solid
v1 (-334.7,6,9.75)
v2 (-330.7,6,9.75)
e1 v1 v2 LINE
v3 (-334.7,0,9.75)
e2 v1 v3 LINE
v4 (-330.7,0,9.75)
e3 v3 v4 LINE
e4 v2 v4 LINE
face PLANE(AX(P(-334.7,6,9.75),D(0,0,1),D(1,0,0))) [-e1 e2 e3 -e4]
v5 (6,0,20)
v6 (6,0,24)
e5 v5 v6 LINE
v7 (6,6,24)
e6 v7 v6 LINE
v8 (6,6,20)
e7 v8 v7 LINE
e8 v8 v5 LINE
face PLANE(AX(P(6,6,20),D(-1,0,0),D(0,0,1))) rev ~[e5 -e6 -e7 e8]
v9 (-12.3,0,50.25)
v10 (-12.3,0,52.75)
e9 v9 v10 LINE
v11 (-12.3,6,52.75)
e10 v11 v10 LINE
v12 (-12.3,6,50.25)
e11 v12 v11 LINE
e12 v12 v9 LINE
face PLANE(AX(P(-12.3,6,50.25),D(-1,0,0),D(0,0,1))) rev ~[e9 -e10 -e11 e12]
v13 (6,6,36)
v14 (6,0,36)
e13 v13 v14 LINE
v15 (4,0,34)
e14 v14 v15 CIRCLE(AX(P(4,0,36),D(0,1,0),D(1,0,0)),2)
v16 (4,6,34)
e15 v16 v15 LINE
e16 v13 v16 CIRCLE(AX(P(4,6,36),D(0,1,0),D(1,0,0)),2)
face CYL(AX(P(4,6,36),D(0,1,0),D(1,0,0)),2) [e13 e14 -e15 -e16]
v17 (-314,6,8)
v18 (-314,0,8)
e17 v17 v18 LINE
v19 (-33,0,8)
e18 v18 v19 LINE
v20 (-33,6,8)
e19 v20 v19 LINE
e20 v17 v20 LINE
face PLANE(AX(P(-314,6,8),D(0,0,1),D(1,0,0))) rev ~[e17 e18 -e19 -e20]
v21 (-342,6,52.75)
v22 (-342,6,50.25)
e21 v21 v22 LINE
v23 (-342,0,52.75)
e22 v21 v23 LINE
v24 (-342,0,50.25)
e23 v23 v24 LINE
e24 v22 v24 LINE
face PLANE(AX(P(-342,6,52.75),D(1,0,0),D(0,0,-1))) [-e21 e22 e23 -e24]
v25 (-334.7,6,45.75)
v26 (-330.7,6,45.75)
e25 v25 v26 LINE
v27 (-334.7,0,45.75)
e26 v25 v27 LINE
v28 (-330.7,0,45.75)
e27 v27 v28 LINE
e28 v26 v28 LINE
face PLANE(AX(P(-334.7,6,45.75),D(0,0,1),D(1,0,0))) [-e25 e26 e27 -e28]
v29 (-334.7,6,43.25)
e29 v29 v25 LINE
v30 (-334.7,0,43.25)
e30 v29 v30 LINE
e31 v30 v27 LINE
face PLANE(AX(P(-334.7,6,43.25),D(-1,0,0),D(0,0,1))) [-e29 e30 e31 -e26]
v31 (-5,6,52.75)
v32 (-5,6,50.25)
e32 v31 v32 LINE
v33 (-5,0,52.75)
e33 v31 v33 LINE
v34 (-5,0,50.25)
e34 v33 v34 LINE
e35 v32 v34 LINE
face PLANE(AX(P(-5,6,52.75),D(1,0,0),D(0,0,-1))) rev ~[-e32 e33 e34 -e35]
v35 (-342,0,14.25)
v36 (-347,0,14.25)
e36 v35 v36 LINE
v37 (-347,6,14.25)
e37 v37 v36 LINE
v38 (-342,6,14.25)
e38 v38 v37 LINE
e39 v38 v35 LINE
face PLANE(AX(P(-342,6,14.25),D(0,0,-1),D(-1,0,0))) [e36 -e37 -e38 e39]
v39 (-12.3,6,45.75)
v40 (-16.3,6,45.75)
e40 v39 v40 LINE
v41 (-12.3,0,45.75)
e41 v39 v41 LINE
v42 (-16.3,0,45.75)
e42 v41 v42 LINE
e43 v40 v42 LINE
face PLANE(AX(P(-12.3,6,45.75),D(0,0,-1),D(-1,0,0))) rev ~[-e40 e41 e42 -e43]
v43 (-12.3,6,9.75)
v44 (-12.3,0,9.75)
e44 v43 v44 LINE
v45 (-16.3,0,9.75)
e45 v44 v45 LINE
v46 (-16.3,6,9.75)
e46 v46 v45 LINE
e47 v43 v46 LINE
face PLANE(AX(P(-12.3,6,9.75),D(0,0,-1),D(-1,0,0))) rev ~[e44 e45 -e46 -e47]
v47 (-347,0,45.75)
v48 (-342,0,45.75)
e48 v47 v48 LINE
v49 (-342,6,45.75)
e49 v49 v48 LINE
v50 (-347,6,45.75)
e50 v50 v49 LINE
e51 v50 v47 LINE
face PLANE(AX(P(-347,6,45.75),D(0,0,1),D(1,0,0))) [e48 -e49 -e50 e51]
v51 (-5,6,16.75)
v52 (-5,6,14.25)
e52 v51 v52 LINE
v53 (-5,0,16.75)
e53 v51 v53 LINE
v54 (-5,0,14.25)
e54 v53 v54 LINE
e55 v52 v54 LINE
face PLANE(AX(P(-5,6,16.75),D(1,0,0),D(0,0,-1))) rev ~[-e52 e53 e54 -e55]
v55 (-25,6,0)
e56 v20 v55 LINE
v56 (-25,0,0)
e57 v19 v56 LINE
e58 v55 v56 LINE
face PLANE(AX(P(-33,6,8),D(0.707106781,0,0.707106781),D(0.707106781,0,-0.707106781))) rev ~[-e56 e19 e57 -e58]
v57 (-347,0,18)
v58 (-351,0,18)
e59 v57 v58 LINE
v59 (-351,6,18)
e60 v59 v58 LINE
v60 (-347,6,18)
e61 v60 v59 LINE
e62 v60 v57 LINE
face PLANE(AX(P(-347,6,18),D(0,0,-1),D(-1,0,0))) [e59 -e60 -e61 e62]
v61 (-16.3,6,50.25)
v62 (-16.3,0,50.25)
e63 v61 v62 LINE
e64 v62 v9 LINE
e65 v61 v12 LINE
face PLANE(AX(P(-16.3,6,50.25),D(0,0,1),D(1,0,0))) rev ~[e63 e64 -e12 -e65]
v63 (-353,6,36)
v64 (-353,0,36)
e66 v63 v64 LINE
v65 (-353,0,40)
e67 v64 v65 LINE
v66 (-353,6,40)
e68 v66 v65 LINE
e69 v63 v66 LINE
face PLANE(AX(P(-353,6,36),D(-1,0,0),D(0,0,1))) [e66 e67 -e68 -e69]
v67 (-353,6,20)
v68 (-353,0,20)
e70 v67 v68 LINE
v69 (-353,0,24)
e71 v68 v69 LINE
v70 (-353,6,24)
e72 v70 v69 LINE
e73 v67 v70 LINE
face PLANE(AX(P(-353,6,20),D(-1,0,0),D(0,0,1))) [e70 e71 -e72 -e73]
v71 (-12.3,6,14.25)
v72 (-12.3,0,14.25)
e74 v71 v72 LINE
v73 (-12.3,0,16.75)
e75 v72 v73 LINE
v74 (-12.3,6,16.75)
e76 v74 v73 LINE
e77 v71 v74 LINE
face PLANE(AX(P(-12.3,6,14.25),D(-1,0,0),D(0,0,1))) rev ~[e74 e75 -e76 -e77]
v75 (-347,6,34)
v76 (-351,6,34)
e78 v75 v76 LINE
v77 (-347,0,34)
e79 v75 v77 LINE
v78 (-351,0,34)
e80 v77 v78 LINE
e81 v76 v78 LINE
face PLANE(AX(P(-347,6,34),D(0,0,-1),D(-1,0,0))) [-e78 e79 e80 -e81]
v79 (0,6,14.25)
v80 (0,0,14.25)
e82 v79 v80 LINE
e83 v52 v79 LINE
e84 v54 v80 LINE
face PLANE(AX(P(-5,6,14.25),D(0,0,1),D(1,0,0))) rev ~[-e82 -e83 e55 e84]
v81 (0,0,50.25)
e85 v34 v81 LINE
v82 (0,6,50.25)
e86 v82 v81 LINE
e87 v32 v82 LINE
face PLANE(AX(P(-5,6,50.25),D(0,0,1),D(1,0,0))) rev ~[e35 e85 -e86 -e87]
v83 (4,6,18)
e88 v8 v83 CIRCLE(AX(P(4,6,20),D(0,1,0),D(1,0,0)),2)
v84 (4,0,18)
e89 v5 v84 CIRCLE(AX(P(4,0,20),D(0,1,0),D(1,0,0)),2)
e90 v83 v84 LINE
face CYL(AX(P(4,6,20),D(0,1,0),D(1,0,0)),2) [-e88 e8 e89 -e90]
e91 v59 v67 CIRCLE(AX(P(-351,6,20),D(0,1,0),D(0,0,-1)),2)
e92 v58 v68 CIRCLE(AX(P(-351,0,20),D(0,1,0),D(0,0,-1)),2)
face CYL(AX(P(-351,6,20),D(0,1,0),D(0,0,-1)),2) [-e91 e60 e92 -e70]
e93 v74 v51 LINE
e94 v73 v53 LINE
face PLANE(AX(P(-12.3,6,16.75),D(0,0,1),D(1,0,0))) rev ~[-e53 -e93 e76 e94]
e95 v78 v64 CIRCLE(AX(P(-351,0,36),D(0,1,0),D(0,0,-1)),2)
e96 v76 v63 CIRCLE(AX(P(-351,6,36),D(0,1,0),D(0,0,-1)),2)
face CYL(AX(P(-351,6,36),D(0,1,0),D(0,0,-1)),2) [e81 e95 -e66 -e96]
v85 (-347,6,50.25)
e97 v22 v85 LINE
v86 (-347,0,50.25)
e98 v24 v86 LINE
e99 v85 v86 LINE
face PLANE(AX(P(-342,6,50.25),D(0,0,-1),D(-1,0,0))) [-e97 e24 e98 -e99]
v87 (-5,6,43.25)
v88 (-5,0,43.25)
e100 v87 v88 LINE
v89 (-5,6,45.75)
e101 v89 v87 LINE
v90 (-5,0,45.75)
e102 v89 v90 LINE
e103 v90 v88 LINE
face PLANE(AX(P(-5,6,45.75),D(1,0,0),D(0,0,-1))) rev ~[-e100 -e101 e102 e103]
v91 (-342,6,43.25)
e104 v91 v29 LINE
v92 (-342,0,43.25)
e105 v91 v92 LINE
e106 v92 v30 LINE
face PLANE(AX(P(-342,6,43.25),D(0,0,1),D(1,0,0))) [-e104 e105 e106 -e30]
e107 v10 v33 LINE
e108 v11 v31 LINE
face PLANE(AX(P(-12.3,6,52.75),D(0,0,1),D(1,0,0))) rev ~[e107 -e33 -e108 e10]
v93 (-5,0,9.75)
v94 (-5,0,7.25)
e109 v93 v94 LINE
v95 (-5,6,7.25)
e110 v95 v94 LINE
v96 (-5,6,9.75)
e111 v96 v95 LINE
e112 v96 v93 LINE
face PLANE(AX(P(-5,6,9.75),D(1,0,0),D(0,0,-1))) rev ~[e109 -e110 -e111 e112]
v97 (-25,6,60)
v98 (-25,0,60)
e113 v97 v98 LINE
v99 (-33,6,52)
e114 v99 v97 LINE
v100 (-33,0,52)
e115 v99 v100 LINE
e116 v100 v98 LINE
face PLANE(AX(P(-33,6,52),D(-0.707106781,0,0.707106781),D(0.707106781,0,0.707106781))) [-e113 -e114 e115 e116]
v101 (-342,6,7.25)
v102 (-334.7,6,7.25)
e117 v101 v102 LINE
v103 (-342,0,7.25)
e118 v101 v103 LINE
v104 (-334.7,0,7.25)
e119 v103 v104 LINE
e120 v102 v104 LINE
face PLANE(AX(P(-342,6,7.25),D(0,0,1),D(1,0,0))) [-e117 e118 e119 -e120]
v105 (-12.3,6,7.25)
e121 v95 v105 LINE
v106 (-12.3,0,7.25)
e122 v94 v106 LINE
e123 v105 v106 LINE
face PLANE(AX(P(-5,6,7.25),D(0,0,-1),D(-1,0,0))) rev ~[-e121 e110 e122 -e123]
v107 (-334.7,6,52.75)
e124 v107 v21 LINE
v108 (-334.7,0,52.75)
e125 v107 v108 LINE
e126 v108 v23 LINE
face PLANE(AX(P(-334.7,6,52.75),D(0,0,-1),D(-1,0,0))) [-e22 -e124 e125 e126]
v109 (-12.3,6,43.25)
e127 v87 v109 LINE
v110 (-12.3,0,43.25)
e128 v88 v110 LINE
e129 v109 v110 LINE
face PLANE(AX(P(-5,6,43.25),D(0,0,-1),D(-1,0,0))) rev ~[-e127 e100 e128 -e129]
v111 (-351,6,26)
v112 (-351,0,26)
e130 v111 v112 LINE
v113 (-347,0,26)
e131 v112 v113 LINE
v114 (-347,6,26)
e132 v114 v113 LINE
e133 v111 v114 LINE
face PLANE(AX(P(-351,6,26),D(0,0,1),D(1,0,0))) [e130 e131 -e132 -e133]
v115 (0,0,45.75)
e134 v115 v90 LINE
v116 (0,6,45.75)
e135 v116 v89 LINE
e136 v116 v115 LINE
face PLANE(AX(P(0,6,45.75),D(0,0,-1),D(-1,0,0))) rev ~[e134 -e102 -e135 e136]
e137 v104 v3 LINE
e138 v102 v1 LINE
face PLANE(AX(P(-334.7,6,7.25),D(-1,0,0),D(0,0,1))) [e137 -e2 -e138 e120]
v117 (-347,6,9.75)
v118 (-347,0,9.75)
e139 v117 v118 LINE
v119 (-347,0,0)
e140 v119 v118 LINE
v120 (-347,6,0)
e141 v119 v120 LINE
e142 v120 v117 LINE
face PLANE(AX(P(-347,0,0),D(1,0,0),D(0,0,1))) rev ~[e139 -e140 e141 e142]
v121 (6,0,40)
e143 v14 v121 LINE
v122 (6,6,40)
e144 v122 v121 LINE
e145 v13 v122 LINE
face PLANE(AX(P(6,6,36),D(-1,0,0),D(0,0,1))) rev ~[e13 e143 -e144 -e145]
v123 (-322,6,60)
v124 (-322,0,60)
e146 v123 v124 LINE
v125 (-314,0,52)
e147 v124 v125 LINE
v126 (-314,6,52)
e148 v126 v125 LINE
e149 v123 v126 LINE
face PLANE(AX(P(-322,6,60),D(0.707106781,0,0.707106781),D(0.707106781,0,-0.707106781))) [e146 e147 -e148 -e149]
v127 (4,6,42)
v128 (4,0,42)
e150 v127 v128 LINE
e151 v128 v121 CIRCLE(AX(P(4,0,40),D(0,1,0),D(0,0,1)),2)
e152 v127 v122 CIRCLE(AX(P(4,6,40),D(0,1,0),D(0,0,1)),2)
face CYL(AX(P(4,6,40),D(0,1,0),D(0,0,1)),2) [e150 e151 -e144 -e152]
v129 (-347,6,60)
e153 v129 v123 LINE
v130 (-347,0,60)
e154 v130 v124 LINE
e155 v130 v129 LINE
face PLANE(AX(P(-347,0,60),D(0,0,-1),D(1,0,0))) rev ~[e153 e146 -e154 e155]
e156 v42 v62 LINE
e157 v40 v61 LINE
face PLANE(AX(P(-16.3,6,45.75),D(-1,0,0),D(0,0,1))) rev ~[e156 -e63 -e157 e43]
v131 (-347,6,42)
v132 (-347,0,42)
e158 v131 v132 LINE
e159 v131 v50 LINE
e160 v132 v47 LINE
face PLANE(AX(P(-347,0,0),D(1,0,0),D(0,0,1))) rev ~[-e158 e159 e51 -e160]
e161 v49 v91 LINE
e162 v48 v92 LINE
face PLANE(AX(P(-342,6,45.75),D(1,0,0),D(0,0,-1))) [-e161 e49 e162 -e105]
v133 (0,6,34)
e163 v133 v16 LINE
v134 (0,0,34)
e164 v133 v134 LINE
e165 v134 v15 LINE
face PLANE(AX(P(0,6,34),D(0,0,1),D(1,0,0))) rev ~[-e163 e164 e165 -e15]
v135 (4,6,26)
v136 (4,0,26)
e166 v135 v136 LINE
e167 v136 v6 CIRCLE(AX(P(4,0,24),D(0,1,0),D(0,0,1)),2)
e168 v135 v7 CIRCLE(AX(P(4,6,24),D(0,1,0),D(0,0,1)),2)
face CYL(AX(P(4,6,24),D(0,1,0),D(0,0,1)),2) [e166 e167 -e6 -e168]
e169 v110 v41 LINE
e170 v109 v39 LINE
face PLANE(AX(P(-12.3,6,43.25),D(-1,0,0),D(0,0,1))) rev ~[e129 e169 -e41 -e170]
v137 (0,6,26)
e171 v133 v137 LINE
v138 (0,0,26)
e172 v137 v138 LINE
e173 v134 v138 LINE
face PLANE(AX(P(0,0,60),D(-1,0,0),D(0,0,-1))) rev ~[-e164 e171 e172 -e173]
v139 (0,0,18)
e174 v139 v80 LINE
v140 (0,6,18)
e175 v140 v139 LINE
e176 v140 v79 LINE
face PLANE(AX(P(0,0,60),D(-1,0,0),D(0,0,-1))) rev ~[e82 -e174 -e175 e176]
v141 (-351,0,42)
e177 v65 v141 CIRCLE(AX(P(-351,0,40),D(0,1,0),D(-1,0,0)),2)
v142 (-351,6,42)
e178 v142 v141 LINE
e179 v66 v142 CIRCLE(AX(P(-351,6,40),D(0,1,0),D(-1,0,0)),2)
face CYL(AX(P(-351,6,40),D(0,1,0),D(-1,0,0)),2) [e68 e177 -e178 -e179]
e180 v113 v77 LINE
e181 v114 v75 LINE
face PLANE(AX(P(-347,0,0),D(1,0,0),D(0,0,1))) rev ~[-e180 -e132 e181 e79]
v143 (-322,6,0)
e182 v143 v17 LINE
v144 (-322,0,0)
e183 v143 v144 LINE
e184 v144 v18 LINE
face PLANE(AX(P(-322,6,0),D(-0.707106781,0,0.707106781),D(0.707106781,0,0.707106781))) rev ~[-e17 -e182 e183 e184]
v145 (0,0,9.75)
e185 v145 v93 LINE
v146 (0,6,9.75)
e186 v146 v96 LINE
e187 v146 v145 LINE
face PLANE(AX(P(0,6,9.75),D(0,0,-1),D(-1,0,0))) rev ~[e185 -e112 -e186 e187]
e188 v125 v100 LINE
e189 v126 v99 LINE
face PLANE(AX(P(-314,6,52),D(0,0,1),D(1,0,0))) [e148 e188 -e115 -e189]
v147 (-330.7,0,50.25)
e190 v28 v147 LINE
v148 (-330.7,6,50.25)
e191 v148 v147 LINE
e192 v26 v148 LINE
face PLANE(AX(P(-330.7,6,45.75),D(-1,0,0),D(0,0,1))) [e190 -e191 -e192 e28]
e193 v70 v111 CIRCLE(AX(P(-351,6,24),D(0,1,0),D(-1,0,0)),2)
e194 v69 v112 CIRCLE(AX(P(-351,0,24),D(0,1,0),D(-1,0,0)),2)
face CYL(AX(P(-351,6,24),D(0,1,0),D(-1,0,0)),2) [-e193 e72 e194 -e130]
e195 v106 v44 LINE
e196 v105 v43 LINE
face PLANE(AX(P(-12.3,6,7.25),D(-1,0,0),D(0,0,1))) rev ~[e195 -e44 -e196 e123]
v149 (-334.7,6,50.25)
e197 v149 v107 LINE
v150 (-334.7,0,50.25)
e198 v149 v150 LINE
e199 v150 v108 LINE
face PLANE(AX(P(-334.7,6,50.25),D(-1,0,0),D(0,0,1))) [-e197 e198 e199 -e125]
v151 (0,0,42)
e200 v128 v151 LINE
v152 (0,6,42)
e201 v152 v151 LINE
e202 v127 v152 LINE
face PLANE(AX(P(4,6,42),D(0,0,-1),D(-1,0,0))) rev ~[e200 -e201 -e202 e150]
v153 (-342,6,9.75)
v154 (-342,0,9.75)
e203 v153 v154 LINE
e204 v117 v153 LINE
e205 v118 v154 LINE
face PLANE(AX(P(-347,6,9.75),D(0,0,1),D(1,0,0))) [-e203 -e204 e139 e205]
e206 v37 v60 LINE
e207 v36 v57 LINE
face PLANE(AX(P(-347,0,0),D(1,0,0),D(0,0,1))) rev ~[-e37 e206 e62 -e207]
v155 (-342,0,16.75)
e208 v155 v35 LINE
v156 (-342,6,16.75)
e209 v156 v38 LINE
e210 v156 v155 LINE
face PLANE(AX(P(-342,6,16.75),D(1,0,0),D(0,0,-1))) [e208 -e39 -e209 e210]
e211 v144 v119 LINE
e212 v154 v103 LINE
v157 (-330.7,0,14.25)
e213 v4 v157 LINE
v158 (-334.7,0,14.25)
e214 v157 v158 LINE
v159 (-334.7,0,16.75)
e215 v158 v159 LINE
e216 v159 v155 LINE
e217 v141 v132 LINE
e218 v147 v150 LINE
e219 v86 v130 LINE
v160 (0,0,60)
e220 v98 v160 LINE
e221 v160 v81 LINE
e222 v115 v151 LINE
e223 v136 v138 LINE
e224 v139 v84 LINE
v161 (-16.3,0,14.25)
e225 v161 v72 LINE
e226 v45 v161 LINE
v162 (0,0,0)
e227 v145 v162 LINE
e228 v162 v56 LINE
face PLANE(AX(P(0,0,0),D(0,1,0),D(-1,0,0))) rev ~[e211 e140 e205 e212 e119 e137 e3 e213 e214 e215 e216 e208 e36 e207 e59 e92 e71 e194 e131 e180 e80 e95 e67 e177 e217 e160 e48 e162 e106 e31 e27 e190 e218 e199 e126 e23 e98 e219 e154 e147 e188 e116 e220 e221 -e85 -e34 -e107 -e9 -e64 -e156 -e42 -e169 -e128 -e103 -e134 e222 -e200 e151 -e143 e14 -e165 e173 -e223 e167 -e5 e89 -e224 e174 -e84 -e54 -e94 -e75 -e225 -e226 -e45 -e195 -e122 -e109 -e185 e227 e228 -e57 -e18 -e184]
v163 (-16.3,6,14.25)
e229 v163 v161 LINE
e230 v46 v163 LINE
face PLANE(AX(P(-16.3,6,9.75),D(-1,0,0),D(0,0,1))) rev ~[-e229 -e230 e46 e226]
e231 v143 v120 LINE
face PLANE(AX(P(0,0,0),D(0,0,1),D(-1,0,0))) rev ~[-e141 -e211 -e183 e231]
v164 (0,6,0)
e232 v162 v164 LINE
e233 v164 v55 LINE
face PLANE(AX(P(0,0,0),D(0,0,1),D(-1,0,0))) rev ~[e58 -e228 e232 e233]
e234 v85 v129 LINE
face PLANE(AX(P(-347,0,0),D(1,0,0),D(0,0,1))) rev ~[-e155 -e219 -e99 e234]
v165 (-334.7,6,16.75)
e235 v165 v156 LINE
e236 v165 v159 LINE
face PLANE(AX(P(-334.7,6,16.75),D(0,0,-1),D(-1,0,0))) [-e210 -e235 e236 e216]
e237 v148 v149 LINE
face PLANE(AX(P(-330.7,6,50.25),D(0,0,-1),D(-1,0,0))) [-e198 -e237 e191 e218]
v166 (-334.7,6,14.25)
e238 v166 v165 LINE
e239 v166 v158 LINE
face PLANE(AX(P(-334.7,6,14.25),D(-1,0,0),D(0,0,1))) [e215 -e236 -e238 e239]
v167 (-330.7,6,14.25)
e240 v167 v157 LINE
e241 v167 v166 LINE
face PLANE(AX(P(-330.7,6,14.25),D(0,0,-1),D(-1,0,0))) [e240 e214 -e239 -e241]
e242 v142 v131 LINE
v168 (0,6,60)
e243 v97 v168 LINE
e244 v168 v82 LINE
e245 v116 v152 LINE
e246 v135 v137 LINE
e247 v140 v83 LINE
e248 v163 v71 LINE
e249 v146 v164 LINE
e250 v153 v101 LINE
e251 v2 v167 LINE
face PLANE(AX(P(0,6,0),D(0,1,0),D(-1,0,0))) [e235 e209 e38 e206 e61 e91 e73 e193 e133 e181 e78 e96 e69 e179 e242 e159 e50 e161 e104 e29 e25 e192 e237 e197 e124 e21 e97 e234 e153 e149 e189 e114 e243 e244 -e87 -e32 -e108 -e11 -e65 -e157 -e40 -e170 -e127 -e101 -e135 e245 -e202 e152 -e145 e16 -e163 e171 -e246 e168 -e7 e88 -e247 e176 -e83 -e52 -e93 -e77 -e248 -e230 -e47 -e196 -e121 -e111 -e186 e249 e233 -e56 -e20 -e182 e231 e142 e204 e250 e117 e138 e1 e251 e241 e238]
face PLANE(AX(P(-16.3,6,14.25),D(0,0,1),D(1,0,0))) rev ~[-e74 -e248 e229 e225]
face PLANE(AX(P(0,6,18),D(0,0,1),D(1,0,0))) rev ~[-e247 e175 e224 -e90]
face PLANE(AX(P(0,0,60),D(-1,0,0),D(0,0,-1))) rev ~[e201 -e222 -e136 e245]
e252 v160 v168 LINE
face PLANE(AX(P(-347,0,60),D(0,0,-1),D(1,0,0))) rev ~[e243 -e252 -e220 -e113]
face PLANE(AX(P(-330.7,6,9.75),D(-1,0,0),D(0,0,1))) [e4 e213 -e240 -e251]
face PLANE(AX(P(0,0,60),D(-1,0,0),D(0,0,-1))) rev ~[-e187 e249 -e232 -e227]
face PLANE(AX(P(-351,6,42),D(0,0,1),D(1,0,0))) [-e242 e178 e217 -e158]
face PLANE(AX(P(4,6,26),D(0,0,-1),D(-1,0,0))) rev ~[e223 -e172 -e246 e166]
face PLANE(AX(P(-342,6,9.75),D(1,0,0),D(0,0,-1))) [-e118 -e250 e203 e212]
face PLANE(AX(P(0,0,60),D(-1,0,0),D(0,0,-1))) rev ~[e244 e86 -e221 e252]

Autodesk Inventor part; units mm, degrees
ref_plane "YZ Plane" through (0, 0, 0) normal (1, 0, 0) x (0, 1, 0)
ref_plane "XZ Plane" through (0, 0, 0) normal (0, 1, 0) x (-1, 0, 0)
ref_plane "XY Plane" through (0, 0, 0) normal (0, 0, 1) x (1, 0, 0)
sketch "Sketch1" plane through (0, 0, 0) normal (0, 1, 0) x (-1, 0, 0)
  line L0 (0, 0) -> (347, 0)
  line L1 (347, 0) -> (347, 60)
  line L2 (347, 60) -> (0, 60)
  line L3 (0, 60) -> (0, 0)
  dimension "d0" = 60
  dimension "d1" = 347
extrude "Extrusion1" add sketch "Sketch1" along normal blind 6
sketch "Sketch2" plane through (0, 6, 0) normal (0, 1, 0) x (1, 0, 0)
  line L0 (-347, 0) -> (-347, -60) projected
  line L1 (0, -60) -> (0, 0) projected
  line L2 (-347, -18) -> (-351, -18)
  line L3 (-353, -20) -> (-353, -24)
  line L4 (-351, -26) -> (-347, -26)
  line L5 (-347, -26) -> (-347, -18)
  line L6 (0, -18) -> (4, -18)
  line L7 (6, -20) -> (6, -24)
  line L8 (4, -26) -> (0, -26)
  line L9 (0, -26) -> (0, -18)
  arc A0 (-351, -18) -> (-353, -20) centre (-351, -20) ccw
  arc A1 (-353, -24) -> (-351, -26) centre (-351, -24) ccw
  arc A2 (6, -20) -> (4, -18) centre (4, -20) ccw
  arc A3 (4, -26) -> (6, -24) centre (4, -24) ccw
  line L10 (-347, -34) -> (-351, -34)
  line L11 (-353, -36) -> (-353, -40)
  line L12 (-351, -42) -> (-347, -42)
  line L13 (-347, -42) -> (-347, -34)
  line L14 (0, -34) -> (4, -34)
  line L15 (6, -36) -> (6, -40)
  line L16 (4, -42) -> (0, -42)
  line L17 (0, -42) -> (0, -34)
  arc A4 (-351, -34) -> (-353, -36) centre (-351, -36) ccw
  arc A5 (-353, -40) -> (-351, -42) centre (-351, -40) ccw
  arc A6 (6, -36) -> (4, -34) centre (4, -36) ccw
  arc A7 (4, -42) -> (6, -40) centre (4, -40) ccw
  line L18 (-349, -26) -> (-349, -34) construction
  point P0 (-349, -30)
  point P1 (-347, -30)
  dimension "d4" = 2
  dimension "d5" = 8
  dimension "d6" = 6
  dimension "d7" = 6
  dimension "d9" = 2
  dimension "d10" = 8
  dimension "d11" = 8
extrude "Extrusion2" add sketch "Sketch2" against normal blind 6
sketch "Sketch3" plane through (0, 6, 0) normal (0, 1, 0) x (1, 0, 0)
  line L0 (0, 0) -> (-347, 0) projected
  line L1 (-347, 0) -> (-347, -18) projected
  line L2 (-347, -60) -> (0, -60) projected
  line L3 (-330.7, -9.75) -> (-330.7, -14.25)
  line L4 (-347, -14.25) -> (-347, -9.75)
  line L5 (-342, -7.25) -> (-334.7, -7.25)
  line L6 (-334.7, -16.75) -> (-342, -16.75)
  line L7 (-347, -9.75) -> (-342, -9.75)
  line L8 (-334.7, -9.75) -> (-330.7, -9.75)
  line L9 (-330.7, -14.25) -> (-334.7, -14.25)
  line L10 (-342, -14.25) -> (-347, -14.25)
  line L11 (-342, -16.75) -> (-342, -14.25)
  line L12 (-342, -9.75) -> (-342, -7.25)
  line L13 (-334.7, -7.25) -> (-334.7, -9.75)
  line L14 (-334.7, -14.25) -> (-334.7, -16.75)
  line L15 (-330.7, -45.75) -> (-330.7, -50.25)
  line L16 (-347, -50.25) -> (-347, -45.75)
  line L17 (-342, -43.25) -> (-334.7, -43.25)
  line L18 (-334.7, -52.75) -> (-342, -52.75)
  line L19 (-347, -45.75) -> (-342, -45.75)
  line L20 (-334.7, -45.75) -> (-330.7, -45.75)
  line L21 (-330.7, -50.25) -> (-334.7, -50.25)
  line L22 (-342, -50.25) -> (-347, -50.25)
  line L23 (-342, -52.75) -> (-342, -50.25)
  line L24 (-342, -45.75) -> (-342, -43.25)
  line L25 (-334.7, -43.25) -> (-334.7, -45.75)
  line L26 (-334.7, -50.25) -> (-334.7, -52.75)
  line L27 (-173.5, -60) -> (-173.5, 0) construction
  line L28 (-16.3, -9.75) -> (-16.3, -14.25)
  line L29 (0, -14.25) -> (0, -9.75)
  line L30 (-5, -7.25) -> (-12.3, -7.25)
  line L31 (-12.3, -16.75) -> (-5, -16.75)
  line L32 (0, -9.75) -> (-5, -9.75)
  line L33 (-12.3, -9.75) -> (-16.3, -9.75)
  line L34 (-16.3, -14.25) -> (-12.3, -14.25)
  line L35 (-5, -14.25) -> (0, -14.25)
  line L36 (-5, -16.75) -> (-5, -14.25)
  line L37 (-5, -9.75) -> (-5, -7.25)
  line L38 (-12.3, -7.25) -> (-12.3, -9.75)
  line L39 (-12.3, -14.25) -> (-12.3, -16.75)
  line L40 (-16.3, -50.25) -> (-12.3, -50.25)
  line L41 (-16.3, -45.75) -> (-16.3, -50.25)
  line L42 (-12.3, -45.75) -> (-16.3, -45.75)
  line L43 (-12.3, -43.25) -> (-12.3, -45.75)
  line L44 (-12.3, -50.25) -> (-12.3, -52.75)
  line L45 (-5, -43.25) -> (-12.3, -43.25)
  line L46 (-12.3, -52.75) -> (-5, -52.75)
  line L47 (-5, -52.75) -> (-5, -50.25)
  line L48 (-5, -45.75) -> (-5, -43.25)
  line L49 (0, -45.75) -> (-5, -45.75)
  line L50 (-5, -50.25) -> (0, -50.25)
  line L51 (0, -50.25) -> (0, -45.75)
  point P0 (-347, -42)
  point P1 (-330.7, -12)
  point P2 (-330.7, -48)
  point P3 (-16.3, -12)
  point P4 (-16.3, -48)
  dimension "d14" = 4.5
  dimension "d15" = 2.5
  dimension "d16" = 2.5
  dimension "d17" = 5
  dimension "d18" = 4
  dimension "d19" = 7.3
  dimension "d20" = 4.5
  dimension "d21" = 2.5
  dimension "d22" = 2.5
  dimension "d23" = 5
  dimension "d24" = 4
  dimension "d25" = 7.3
  dimension "d26" = 6
  dimension "d27" = 6
extrude "Extrusion3" cut sketch "Sketch3" against normal blind 6
sketch "Sketch4" plane through (0, 6, 0) normal (0, 1, 0) x (1, 0, 0)
  line L0 (0, 0) -> (-347, 0) projected
  line L1 (-347, -60) -> (0, -60) projected
  line L2 (-5, -7.25) -> (-5, -9.75) projected
  line L3 (-322, 0) -> (-314, -8)
  line L4 (-314, -8) -> (-33, -8)
  line L5 (-33, -8) -> (-25, 0)
  line L6 (-322, -60) -> (-314, -52)
  line L7 (-314, -52) -> (-33, -52)
  line L8 (-33, -52) -> (-25, -60)
  dimension "d30" = 45
  dimension "d31" = 25
  dimension "d32" = 25
  dimension "d33" = 8
  dimension "d34" = 8
extrude "Extrusion4" cut sketch "Sketch4" against normal blind 6
equation "\"d16\" = d15"
equation "\"d22\" = d21"
equation "\"d27\" = d26"
equation "\"d34\" = d33"
properties part number "webcam_back_holder"
